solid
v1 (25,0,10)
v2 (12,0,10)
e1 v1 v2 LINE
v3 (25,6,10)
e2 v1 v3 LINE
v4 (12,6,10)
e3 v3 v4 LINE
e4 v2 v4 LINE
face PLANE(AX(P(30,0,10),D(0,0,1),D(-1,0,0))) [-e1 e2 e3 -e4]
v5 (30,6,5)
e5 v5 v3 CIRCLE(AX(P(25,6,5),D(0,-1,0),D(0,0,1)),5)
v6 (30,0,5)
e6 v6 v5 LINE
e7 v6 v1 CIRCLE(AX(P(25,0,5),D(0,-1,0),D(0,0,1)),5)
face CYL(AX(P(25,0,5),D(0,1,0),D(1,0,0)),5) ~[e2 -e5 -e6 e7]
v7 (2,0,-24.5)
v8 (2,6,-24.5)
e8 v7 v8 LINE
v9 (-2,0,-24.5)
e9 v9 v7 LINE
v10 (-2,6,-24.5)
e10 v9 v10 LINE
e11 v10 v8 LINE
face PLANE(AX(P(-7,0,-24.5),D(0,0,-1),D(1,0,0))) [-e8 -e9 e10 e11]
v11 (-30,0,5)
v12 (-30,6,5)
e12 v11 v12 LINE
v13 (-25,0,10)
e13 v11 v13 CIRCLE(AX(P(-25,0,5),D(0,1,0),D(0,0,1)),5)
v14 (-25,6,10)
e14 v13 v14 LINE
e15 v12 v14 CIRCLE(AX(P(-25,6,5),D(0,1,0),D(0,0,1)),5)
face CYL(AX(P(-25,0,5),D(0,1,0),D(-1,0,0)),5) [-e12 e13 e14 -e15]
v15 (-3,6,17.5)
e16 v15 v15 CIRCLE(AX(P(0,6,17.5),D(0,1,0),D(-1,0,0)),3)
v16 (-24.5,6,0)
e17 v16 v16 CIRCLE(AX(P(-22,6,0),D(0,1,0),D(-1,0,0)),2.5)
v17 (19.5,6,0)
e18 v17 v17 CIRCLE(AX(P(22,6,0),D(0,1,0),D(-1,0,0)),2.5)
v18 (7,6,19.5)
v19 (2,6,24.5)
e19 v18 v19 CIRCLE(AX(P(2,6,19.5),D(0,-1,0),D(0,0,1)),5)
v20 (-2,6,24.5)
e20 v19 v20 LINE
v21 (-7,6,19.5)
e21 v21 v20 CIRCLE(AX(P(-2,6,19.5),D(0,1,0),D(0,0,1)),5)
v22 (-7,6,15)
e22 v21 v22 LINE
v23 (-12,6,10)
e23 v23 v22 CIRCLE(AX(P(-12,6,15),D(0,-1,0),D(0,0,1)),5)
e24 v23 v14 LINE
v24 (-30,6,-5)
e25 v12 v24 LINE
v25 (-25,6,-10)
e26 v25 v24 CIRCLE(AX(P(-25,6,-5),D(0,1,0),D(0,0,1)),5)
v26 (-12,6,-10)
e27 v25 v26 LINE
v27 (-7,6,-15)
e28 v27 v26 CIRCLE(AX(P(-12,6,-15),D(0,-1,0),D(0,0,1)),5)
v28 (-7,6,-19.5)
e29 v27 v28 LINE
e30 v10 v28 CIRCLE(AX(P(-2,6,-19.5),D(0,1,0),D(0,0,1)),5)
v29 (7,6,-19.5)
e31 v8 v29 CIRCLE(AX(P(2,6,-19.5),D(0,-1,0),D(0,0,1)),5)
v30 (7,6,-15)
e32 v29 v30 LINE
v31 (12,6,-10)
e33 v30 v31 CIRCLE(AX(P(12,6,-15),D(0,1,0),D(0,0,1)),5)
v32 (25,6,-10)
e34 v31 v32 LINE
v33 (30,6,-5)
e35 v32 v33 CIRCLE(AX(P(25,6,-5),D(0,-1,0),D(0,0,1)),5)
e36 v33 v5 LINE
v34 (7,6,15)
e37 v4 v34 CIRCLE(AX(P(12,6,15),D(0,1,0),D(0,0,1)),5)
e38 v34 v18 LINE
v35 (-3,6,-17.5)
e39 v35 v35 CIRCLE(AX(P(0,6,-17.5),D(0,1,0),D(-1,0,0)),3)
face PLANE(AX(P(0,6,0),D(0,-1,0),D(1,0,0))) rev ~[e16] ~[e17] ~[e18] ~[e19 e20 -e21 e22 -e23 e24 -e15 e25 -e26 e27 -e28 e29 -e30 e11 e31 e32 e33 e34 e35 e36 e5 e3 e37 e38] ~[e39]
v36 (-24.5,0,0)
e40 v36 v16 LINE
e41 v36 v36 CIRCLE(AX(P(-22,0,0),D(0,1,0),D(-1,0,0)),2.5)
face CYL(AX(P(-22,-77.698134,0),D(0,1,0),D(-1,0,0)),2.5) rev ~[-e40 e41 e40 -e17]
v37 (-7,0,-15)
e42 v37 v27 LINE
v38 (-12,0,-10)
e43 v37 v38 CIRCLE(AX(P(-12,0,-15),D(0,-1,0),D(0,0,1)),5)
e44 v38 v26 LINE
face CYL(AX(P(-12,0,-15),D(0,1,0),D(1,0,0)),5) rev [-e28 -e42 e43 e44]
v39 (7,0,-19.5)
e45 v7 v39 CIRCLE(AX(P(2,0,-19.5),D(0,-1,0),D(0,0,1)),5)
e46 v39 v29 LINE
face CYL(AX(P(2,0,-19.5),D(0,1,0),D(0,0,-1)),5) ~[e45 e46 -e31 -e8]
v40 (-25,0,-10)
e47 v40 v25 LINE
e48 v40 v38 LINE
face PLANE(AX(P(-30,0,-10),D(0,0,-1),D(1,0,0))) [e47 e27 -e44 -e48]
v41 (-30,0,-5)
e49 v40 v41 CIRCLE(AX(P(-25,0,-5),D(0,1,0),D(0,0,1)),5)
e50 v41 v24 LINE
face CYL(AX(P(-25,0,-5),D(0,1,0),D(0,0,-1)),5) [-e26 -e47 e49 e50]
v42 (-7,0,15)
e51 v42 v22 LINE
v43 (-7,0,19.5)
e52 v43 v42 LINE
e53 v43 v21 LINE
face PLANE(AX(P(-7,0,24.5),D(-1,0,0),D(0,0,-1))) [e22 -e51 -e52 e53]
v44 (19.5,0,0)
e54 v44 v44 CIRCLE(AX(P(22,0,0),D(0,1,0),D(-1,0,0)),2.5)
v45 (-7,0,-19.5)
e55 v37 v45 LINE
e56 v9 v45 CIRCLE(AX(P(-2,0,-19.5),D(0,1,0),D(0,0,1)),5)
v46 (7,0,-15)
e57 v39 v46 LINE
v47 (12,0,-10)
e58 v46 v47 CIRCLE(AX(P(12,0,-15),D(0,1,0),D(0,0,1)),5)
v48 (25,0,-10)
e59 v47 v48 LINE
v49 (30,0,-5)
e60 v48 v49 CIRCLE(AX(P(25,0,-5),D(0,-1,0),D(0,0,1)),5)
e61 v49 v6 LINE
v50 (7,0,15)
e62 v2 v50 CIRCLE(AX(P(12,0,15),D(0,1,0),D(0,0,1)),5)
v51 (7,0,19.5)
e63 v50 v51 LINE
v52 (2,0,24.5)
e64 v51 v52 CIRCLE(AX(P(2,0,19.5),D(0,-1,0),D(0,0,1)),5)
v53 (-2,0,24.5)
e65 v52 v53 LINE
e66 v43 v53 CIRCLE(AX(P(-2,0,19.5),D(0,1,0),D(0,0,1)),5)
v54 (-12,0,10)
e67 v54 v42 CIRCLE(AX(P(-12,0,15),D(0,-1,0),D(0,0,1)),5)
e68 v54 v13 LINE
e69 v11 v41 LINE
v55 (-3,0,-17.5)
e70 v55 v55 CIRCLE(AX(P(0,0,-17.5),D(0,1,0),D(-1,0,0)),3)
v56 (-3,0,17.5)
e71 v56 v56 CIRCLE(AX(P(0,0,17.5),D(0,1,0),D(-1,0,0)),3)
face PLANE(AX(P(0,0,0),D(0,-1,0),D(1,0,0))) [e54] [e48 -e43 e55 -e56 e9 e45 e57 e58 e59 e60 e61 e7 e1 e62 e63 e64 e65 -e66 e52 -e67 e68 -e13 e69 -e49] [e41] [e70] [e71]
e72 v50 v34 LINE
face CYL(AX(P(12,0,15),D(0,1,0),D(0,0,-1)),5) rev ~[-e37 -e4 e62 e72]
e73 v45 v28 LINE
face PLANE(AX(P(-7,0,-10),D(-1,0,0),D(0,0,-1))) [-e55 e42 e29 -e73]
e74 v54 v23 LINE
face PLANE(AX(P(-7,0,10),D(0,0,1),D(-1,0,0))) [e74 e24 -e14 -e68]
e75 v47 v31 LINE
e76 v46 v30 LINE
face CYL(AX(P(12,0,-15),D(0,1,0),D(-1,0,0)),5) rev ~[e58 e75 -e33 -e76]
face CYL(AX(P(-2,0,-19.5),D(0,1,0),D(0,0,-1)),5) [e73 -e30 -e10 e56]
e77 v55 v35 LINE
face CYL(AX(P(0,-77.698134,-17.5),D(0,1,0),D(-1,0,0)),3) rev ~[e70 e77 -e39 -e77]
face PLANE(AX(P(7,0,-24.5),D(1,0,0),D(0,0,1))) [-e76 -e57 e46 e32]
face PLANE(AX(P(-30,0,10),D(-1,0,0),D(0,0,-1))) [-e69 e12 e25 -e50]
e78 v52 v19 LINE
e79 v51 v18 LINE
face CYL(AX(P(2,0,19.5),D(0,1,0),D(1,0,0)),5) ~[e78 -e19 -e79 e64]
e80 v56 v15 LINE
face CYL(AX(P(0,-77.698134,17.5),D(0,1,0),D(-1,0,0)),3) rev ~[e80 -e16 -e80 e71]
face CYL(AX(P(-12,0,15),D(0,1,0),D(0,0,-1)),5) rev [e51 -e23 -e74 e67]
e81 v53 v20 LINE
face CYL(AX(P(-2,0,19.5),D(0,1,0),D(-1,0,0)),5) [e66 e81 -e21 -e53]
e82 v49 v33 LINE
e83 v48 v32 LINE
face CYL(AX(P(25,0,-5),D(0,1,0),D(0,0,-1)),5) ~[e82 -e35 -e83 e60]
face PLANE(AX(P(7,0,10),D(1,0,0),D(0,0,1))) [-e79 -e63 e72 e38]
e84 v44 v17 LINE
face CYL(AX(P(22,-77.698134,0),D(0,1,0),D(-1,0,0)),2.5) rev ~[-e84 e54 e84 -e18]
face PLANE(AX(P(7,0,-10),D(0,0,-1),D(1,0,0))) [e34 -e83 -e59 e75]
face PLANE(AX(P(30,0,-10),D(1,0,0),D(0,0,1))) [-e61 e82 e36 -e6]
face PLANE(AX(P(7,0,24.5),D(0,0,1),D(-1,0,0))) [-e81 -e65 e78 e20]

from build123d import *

# Parameters (mm, degrees)
F1_DEPTH = 6
F2_D     = 6
F3_D     = 5
F4_R     = 5


with BuildPart() as f1:
    # F0 (on Front) → F1 (new body)
    with BuildSketch(Plane.XZ):
        Polygon((-7, -24.5), (7, -24.5), (7, -10), (30, -10), (30, 10), (7, 10), (7, 24.5), (-7, 24.5), (-7, 10), (-30, 10), (-30, -10), (-7, -10), align=None)
    extrude(amount=-F1_DEPTH)

    # F2 (through all)
    with Locations(Plane.XZ):
        with Locations((0, 17.5), (0, -17.5)):
            Hole(F2_D / 2)

    # F3 (through all)
    with Locations(Plane.XZ):
        with Locations((22, 0), (-22, 0)):
            Hole(F3_D / 2)

    # F4
    f4_edges = [f1.edges().sort_by_distance(p)[0] for p in [
        (7, 3, 24.5),
        (7, 3, 10),
        (30, 3, 10),
        (30, 3, -10),
        (7, 3, -24.5),
        (7, 3, -10),
        (-7, 3, -24.5),
        (-30, 3, -10),
        (-7, 3, -10),
        (-30, 3, 10),
        (-7, 3, 10),
        (-7, 3, 24.5),
    ]]
    fillet(f4_edges, radius=F4_R)


solid = f1.part
